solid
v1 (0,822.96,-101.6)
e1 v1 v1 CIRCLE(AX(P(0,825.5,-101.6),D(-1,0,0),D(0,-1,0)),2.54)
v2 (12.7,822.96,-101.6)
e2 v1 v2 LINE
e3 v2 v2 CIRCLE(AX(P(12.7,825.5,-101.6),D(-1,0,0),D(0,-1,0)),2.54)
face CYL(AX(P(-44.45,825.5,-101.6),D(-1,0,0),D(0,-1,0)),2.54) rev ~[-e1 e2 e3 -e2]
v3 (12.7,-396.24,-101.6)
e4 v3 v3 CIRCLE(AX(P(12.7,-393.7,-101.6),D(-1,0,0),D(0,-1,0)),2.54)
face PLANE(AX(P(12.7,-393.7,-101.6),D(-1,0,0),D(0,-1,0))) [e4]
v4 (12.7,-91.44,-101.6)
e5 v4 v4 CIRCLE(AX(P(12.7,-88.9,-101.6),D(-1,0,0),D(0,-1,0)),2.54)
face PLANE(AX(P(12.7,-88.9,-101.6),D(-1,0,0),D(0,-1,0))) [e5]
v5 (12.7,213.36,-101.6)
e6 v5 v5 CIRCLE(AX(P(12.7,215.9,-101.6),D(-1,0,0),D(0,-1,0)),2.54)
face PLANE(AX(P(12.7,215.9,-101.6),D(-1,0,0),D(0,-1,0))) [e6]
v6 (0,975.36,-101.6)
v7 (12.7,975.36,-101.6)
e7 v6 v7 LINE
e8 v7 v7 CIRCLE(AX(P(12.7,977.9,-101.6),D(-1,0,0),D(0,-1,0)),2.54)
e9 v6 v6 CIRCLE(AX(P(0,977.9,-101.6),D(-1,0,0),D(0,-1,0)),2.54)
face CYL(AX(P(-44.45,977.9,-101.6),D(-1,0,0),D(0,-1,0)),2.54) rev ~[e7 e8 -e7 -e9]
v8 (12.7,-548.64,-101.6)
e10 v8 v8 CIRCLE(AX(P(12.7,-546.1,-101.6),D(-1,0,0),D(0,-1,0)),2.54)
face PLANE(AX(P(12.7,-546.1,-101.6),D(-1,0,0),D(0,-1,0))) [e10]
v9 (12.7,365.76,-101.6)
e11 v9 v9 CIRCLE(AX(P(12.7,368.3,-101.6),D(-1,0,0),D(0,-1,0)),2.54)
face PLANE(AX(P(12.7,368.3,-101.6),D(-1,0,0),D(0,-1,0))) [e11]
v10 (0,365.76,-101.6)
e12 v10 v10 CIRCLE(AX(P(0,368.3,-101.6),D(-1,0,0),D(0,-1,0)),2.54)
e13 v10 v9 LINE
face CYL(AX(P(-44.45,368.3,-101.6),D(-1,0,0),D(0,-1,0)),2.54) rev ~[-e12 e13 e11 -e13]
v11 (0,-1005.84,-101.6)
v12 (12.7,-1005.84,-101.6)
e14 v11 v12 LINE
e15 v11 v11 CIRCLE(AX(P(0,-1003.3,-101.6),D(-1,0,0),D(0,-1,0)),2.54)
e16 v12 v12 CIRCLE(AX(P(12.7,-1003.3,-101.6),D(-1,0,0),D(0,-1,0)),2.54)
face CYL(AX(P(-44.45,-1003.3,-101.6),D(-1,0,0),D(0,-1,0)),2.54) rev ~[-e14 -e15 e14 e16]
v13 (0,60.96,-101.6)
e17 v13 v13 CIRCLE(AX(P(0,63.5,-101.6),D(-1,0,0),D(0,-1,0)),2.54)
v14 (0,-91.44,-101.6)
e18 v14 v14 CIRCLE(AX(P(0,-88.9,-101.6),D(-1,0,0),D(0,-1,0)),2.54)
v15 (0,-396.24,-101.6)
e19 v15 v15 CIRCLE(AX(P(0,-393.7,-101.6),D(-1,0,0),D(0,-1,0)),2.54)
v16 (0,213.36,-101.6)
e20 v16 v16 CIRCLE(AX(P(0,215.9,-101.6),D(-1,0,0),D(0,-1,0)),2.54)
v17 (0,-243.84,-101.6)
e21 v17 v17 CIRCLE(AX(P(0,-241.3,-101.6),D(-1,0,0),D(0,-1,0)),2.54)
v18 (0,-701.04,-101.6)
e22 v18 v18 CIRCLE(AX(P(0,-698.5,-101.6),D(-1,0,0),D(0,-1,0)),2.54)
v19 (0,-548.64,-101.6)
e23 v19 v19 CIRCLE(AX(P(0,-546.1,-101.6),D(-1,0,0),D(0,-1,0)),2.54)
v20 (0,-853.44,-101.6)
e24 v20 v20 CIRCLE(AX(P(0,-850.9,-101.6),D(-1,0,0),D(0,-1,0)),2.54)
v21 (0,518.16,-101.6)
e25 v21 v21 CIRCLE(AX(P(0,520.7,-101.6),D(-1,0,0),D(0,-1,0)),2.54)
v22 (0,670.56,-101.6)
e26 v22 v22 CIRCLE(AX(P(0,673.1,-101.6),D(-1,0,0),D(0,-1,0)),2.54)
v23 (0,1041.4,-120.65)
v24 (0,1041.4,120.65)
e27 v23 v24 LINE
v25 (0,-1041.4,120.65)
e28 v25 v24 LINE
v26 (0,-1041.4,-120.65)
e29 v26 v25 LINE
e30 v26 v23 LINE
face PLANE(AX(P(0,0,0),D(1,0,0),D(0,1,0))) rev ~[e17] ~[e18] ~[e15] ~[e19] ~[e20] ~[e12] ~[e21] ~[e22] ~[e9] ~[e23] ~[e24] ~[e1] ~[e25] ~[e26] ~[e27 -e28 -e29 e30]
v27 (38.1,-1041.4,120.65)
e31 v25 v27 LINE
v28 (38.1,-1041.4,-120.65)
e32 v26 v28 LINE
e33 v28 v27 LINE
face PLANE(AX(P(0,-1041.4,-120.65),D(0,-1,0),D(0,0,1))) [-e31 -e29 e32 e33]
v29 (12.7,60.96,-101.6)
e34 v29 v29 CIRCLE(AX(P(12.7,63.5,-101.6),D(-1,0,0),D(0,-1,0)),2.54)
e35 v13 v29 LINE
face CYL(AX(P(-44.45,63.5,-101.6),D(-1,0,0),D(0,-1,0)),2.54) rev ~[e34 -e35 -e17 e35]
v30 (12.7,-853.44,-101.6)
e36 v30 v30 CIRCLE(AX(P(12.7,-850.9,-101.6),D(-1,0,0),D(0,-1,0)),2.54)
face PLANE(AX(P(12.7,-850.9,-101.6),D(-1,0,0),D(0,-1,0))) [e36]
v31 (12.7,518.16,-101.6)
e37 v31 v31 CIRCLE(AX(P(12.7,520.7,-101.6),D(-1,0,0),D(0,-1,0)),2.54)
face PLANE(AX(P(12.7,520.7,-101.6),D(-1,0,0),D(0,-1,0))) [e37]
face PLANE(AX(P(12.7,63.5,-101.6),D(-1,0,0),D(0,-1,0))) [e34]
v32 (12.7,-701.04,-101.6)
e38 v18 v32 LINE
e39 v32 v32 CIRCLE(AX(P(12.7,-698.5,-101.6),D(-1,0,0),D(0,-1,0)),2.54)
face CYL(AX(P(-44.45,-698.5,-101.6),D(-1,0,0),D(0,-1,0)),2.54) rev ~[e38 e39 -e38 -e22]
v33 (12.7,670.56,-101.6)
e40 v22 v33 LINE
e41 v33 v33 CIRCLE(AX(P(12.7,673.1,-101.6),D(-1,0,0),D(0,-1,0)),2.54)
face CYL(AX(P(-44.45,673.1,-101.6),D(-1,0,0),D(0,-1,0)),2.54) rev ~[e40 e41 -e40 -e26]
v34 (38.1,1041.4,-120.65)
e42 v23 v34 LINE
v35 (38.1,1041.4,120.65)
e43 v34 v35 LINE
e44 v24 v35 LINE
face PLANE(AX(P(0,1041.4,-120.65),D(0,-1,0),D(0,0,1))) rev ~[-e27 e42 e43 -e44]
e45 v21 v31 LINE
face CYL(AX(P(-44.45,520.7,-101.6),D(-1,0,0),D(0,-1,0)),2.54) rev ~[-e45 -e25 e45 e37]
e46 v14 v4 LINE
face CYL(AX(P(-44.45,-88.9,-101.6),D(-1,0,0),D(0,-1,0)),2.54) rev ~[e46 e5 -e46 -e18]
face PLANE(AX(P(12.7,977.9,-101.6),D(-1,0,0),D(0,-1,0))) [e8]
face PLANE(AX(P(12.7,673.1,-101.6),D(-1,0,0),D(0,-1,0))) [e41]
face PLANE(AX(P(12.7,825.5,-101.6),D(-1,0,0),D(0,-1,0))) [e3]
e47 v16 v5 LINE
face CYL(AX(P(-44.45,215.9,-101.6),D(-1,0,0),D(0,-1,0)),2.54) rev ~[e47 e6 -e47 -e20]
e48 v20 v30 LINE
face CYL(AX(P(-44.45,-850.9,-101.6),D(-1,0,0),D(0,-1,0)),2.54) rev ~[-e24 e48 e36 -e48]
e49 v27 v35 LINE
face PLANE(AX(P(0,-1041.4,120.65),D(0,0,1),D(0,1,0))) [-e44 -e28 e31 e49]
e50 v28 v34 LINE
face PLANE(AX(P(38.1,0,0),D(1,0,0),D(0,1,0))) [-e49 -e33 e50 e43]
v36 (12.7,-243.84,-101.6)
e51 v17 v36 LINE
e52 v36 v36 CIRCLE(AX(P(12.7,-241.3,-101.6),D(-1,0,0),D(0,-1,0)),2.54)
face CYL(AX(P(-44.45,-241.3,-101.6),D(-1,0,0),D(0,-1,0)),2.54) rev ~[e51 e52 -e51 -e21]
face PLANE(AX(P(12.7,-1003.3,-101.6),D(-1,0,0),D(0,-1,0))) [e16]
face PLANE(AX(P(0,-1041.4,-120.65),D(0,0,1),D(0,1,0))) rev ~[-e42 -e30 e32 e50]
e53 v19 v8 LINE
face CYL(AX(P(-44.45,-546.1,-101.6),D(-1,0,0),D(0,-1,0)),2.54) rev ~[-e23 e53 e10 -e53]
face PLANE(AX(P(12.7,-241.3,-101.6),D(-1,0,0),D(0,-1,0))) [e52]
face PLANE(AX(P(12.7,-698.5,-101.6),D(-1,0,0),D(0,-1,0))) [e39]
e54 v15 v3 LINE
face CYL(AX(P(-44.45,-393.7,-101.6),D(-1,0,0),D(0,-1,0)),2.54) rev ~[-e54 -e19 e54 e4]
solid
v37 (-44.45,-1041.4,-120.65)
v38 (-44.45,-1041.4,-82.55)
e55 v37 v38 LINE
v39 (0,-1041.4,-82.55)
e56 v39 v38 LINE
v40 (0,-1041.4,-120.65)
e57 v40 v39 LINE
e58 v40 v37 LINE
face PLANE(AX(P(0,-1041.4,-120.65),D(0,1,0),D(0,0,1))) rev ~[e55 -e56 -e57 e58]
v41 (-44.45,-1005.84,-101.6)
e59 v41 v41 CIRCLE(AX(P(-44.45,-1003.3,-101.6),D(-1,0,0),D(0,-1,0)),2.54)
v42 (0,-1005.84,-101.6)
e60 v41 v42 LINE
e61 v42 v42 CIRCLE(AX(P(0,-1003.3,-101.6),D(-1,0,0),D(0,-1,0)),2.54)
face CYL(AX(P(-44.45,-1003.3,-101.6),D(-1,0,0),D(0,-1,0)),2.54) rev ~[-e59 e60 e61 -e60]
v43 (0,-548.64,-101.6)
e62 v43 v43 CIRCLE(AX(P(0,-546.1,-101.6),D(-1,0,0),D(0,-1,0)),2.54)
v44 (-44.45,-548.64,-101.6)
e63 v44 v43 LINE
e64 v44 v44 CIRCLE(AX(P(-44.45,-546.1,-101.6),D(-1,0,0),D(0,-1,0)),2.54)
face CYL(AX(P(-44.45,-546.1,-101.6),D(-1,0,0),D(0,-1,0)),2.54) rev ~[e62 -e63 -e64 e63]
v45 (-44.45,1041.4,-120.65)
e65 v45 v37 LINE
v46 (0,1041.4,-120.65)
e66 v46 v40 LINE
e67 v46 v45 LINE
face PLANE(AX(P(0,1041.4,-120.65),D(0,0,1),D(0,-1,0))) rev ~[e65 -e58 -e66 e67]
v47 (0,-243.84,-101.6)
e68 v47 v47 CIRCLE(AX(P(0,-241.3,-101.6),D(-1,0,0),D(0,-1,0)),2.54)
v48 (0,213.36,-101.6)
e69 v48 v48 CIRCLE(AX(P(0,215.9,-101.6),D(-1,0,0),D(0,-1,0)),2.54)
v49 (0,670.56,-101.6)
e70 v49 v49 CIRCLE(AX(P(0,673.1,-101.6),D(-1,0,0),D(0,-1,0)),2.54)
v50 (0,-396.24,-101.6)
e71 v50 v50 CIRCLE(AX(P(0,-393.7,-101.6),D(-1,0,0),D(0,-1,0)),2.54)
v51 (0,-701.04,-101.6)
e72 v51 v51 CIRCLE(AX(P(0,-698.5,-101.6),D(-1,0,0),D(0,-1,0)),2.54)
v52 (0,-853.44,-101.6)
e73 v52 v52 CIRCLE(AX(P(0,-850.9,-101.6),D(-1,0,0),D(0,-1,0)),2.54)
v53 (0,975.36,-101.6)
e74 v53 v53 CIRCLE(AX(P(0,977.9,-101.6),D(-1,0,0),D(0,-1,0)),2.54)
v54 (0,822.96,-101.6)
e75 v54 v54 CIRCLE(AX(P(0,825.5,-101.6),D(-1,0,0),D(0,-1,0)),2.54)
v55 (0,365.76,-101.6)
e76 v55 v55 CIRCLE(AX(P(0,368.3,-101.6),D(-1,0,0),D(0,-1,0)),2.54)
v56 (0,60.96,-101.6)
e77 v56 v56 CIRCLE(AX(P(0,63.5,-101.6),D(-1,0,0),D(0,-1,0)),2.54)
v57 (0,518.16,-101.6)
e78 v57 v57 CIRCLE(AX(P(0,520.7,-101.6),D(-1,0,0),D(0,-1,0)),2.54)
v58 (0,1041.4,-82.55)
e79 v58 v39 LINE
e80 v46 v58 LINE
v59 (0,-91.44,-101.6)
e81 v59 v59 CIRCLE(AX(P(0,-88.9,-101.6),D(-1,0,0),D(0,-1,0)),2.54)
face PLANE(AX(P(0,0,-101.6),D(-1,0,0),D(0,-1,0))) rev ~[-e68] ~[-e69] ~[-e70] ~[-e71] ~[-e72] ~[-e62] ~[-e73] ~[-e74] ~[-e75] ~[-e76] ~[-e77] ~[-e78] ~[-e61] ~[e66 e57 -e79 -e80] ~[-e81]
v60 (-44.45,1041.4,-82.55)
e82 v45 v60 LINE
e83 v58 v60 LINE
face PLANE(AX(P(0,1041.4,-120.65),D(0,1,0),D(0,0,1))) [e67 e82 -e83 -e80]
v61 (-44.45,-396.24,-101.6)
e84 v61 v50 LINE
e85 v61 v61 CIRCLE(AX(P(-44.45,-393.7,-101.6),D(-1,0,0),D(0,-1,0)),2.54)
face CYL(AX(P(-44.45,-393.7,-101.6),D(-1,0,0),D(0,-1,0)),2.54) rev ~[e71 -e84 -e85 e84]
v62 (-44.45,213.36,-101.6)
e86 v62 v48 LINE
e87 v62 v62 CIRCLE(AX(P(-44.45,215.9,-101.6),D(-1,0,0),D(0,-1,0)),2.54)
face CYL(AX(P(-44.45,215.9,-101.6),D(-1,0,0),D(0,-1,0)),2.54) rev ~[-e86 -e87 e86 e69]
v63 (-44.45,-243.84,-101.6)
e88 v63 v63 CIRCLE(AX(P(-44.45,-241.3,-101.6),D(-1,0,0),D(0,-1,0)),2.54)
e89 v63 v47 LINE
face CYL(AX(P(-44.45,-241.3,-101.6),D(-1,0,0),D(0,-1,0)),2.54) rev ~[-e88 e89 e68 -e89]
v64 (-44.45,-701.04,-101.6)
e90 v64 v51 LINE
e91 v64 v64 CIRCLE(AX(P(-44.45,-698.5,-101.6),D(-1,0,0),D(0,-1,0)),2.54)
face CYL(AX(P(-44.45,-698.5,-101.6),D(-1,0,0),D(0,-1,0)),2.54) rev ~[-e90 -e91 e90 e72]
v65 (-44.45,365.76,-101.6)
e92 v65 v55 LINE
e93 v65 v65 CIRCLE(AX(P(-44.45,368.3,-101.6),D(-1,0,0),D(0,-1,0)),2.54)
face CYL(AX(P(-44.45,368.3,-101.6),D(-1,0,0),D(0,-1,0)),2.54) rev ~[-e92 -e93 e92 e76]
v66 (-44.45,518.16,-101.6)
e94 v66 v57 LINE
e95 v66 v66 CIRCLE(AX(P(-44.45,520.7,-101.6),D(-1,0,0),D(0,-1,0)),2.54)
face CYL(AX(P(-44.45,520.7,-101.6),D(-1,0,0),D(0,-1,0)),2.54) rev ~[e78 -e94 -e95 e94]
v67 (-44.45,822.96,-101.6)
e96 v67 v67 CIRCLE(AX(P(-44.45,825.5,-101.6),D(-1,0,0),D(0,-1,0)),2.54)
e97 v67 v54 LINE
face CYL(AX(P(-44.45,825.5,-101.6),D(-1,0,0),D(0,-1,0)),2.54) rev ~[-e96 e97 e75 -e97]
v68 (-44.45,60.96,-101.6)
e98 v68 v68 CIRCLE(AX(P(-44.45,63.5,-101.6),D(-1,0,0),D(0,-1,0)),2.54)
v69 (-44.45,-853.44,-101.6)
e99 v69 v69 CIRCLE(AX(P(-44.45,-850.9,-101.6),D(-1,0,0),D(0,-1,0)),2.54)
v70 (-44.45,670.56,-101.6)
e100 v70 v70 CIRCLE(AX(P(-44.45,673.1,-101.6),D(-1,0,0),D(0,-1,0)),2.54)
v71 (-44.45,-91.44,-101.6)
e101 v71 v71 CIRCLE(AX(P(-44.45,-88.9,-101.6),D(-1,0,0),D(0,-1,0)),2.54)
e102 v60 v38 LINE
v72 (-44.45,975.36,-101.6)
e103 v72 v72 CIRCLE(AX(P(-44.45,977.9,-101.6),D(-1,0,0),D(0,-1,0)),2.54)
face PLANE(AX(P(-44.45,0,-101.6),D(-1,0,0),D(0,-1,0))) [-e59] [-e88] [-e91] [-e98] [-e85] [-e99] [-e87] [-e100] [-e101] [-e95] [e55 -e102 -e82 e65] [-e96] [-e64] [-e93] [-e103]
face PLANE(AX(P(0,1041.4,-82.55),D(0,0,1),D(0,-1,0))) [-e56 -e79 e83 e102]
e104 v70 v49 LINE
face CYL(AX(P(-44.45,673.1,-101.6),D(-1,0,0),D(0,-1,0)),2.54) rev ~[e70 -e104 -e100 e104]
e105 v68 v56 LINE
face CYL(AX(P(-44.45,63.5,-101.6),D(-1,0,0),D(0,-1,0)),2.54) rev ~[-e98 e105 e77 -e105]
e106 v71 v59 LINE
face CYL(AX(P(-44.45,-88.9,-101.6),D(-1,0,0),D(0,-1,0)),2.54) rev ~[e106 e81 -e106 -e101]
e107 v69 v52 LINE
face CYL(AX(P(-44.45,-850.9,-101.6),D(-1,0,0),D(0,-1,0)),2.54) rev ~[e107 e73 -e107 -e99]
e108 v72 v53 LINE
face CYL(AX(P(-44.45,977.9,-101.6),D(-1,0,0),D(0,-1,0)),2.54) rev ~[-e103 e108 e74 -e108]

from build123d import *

# Parameters (mm, degrees)
F0_W     = 2082.8
F0_H     = 241.3
F1_DEPTH = 38.1
F2_W     = 2082.8
F2_H     = 38.1
F3_DEPTH = 44.45
F4_R     = 2.54
F5_DEPTH = 57.15


with BuildPart() as f1:
    # F0 (on Right) → F1 (new body)
    with BuildSketch(Plane.YZ):
        Rectangle(F0_W, F0_H)
    extrude(amount=F1_DEPTH)


with BuildPart() as f3:
    # F2 (on face) → F3 (new body)
    with BuildSketch(Plane(origin=(0, 0, 0), x_dir=(0, -1, 0), z_dir=(-1, 0, 0))):
        with Locations((0, -101.6)):
            Rectangle(F2_W, F2_H)
    extrude(amount=F3_DEPTH)


with BuildPart() as f5_tool:
    # F4 (on face) → F5 (new body)
    with BuildSketch(Plane(origin=(-44.45, 0, 0), x_dir=(0, -1, 0), z_dir=(-1, 0, 0))):
        with Locations((1003.3, -101.6)):
            Circle(F4_R)
        with Locations((850.9, -101.6)):
            Circle(F4_R)
        with Locations((698.5, -101.6)):
            Circle(F4_R)
        with Locations((546.1, -101.6)):
            Circle(F4_R)
        with Locations((393.7, -101.6)):
            Circle(F4_R)
        with Locations((241.3, -101.6)):
            Circle(F4_R)
        with Locations((88.9, -101.6)):
            Circle(F4_R)
        with Locations((-63.5, -101.6)):
            Circle(F4_R)
        with Locations((-215.9, -101.6)):
            Circle(F4_R)
        with Locations((-368.3, -101.6)):
            Circle(F4_R)
        with Locations((-520.7, -101.6)):
            Circle(F4_R)
        with Locations((-673.1, -101.6)):
            Circle(F4_R)
        with Locations((-825.5, -101.6)):
            Circle(F4_R)
        with Locations((-977.9, -101.6)):
            Circle(F4_R)
    extrude(amount=-F5_DEPTH)


with BuildPart() as f1_1:
    add(f1.part)

    # F5: cut by f5_tool
    add(f5_tool.part, mode=Mode.SUBTRACT)


with BuildPart() as f3_1:
    add(f3.part)

    # F5: cut by f5_tool
    add(f5_tool.part, mode=Mode.SUBTRACT)


solid = Compound([f1_1.part, f3_1.part])
